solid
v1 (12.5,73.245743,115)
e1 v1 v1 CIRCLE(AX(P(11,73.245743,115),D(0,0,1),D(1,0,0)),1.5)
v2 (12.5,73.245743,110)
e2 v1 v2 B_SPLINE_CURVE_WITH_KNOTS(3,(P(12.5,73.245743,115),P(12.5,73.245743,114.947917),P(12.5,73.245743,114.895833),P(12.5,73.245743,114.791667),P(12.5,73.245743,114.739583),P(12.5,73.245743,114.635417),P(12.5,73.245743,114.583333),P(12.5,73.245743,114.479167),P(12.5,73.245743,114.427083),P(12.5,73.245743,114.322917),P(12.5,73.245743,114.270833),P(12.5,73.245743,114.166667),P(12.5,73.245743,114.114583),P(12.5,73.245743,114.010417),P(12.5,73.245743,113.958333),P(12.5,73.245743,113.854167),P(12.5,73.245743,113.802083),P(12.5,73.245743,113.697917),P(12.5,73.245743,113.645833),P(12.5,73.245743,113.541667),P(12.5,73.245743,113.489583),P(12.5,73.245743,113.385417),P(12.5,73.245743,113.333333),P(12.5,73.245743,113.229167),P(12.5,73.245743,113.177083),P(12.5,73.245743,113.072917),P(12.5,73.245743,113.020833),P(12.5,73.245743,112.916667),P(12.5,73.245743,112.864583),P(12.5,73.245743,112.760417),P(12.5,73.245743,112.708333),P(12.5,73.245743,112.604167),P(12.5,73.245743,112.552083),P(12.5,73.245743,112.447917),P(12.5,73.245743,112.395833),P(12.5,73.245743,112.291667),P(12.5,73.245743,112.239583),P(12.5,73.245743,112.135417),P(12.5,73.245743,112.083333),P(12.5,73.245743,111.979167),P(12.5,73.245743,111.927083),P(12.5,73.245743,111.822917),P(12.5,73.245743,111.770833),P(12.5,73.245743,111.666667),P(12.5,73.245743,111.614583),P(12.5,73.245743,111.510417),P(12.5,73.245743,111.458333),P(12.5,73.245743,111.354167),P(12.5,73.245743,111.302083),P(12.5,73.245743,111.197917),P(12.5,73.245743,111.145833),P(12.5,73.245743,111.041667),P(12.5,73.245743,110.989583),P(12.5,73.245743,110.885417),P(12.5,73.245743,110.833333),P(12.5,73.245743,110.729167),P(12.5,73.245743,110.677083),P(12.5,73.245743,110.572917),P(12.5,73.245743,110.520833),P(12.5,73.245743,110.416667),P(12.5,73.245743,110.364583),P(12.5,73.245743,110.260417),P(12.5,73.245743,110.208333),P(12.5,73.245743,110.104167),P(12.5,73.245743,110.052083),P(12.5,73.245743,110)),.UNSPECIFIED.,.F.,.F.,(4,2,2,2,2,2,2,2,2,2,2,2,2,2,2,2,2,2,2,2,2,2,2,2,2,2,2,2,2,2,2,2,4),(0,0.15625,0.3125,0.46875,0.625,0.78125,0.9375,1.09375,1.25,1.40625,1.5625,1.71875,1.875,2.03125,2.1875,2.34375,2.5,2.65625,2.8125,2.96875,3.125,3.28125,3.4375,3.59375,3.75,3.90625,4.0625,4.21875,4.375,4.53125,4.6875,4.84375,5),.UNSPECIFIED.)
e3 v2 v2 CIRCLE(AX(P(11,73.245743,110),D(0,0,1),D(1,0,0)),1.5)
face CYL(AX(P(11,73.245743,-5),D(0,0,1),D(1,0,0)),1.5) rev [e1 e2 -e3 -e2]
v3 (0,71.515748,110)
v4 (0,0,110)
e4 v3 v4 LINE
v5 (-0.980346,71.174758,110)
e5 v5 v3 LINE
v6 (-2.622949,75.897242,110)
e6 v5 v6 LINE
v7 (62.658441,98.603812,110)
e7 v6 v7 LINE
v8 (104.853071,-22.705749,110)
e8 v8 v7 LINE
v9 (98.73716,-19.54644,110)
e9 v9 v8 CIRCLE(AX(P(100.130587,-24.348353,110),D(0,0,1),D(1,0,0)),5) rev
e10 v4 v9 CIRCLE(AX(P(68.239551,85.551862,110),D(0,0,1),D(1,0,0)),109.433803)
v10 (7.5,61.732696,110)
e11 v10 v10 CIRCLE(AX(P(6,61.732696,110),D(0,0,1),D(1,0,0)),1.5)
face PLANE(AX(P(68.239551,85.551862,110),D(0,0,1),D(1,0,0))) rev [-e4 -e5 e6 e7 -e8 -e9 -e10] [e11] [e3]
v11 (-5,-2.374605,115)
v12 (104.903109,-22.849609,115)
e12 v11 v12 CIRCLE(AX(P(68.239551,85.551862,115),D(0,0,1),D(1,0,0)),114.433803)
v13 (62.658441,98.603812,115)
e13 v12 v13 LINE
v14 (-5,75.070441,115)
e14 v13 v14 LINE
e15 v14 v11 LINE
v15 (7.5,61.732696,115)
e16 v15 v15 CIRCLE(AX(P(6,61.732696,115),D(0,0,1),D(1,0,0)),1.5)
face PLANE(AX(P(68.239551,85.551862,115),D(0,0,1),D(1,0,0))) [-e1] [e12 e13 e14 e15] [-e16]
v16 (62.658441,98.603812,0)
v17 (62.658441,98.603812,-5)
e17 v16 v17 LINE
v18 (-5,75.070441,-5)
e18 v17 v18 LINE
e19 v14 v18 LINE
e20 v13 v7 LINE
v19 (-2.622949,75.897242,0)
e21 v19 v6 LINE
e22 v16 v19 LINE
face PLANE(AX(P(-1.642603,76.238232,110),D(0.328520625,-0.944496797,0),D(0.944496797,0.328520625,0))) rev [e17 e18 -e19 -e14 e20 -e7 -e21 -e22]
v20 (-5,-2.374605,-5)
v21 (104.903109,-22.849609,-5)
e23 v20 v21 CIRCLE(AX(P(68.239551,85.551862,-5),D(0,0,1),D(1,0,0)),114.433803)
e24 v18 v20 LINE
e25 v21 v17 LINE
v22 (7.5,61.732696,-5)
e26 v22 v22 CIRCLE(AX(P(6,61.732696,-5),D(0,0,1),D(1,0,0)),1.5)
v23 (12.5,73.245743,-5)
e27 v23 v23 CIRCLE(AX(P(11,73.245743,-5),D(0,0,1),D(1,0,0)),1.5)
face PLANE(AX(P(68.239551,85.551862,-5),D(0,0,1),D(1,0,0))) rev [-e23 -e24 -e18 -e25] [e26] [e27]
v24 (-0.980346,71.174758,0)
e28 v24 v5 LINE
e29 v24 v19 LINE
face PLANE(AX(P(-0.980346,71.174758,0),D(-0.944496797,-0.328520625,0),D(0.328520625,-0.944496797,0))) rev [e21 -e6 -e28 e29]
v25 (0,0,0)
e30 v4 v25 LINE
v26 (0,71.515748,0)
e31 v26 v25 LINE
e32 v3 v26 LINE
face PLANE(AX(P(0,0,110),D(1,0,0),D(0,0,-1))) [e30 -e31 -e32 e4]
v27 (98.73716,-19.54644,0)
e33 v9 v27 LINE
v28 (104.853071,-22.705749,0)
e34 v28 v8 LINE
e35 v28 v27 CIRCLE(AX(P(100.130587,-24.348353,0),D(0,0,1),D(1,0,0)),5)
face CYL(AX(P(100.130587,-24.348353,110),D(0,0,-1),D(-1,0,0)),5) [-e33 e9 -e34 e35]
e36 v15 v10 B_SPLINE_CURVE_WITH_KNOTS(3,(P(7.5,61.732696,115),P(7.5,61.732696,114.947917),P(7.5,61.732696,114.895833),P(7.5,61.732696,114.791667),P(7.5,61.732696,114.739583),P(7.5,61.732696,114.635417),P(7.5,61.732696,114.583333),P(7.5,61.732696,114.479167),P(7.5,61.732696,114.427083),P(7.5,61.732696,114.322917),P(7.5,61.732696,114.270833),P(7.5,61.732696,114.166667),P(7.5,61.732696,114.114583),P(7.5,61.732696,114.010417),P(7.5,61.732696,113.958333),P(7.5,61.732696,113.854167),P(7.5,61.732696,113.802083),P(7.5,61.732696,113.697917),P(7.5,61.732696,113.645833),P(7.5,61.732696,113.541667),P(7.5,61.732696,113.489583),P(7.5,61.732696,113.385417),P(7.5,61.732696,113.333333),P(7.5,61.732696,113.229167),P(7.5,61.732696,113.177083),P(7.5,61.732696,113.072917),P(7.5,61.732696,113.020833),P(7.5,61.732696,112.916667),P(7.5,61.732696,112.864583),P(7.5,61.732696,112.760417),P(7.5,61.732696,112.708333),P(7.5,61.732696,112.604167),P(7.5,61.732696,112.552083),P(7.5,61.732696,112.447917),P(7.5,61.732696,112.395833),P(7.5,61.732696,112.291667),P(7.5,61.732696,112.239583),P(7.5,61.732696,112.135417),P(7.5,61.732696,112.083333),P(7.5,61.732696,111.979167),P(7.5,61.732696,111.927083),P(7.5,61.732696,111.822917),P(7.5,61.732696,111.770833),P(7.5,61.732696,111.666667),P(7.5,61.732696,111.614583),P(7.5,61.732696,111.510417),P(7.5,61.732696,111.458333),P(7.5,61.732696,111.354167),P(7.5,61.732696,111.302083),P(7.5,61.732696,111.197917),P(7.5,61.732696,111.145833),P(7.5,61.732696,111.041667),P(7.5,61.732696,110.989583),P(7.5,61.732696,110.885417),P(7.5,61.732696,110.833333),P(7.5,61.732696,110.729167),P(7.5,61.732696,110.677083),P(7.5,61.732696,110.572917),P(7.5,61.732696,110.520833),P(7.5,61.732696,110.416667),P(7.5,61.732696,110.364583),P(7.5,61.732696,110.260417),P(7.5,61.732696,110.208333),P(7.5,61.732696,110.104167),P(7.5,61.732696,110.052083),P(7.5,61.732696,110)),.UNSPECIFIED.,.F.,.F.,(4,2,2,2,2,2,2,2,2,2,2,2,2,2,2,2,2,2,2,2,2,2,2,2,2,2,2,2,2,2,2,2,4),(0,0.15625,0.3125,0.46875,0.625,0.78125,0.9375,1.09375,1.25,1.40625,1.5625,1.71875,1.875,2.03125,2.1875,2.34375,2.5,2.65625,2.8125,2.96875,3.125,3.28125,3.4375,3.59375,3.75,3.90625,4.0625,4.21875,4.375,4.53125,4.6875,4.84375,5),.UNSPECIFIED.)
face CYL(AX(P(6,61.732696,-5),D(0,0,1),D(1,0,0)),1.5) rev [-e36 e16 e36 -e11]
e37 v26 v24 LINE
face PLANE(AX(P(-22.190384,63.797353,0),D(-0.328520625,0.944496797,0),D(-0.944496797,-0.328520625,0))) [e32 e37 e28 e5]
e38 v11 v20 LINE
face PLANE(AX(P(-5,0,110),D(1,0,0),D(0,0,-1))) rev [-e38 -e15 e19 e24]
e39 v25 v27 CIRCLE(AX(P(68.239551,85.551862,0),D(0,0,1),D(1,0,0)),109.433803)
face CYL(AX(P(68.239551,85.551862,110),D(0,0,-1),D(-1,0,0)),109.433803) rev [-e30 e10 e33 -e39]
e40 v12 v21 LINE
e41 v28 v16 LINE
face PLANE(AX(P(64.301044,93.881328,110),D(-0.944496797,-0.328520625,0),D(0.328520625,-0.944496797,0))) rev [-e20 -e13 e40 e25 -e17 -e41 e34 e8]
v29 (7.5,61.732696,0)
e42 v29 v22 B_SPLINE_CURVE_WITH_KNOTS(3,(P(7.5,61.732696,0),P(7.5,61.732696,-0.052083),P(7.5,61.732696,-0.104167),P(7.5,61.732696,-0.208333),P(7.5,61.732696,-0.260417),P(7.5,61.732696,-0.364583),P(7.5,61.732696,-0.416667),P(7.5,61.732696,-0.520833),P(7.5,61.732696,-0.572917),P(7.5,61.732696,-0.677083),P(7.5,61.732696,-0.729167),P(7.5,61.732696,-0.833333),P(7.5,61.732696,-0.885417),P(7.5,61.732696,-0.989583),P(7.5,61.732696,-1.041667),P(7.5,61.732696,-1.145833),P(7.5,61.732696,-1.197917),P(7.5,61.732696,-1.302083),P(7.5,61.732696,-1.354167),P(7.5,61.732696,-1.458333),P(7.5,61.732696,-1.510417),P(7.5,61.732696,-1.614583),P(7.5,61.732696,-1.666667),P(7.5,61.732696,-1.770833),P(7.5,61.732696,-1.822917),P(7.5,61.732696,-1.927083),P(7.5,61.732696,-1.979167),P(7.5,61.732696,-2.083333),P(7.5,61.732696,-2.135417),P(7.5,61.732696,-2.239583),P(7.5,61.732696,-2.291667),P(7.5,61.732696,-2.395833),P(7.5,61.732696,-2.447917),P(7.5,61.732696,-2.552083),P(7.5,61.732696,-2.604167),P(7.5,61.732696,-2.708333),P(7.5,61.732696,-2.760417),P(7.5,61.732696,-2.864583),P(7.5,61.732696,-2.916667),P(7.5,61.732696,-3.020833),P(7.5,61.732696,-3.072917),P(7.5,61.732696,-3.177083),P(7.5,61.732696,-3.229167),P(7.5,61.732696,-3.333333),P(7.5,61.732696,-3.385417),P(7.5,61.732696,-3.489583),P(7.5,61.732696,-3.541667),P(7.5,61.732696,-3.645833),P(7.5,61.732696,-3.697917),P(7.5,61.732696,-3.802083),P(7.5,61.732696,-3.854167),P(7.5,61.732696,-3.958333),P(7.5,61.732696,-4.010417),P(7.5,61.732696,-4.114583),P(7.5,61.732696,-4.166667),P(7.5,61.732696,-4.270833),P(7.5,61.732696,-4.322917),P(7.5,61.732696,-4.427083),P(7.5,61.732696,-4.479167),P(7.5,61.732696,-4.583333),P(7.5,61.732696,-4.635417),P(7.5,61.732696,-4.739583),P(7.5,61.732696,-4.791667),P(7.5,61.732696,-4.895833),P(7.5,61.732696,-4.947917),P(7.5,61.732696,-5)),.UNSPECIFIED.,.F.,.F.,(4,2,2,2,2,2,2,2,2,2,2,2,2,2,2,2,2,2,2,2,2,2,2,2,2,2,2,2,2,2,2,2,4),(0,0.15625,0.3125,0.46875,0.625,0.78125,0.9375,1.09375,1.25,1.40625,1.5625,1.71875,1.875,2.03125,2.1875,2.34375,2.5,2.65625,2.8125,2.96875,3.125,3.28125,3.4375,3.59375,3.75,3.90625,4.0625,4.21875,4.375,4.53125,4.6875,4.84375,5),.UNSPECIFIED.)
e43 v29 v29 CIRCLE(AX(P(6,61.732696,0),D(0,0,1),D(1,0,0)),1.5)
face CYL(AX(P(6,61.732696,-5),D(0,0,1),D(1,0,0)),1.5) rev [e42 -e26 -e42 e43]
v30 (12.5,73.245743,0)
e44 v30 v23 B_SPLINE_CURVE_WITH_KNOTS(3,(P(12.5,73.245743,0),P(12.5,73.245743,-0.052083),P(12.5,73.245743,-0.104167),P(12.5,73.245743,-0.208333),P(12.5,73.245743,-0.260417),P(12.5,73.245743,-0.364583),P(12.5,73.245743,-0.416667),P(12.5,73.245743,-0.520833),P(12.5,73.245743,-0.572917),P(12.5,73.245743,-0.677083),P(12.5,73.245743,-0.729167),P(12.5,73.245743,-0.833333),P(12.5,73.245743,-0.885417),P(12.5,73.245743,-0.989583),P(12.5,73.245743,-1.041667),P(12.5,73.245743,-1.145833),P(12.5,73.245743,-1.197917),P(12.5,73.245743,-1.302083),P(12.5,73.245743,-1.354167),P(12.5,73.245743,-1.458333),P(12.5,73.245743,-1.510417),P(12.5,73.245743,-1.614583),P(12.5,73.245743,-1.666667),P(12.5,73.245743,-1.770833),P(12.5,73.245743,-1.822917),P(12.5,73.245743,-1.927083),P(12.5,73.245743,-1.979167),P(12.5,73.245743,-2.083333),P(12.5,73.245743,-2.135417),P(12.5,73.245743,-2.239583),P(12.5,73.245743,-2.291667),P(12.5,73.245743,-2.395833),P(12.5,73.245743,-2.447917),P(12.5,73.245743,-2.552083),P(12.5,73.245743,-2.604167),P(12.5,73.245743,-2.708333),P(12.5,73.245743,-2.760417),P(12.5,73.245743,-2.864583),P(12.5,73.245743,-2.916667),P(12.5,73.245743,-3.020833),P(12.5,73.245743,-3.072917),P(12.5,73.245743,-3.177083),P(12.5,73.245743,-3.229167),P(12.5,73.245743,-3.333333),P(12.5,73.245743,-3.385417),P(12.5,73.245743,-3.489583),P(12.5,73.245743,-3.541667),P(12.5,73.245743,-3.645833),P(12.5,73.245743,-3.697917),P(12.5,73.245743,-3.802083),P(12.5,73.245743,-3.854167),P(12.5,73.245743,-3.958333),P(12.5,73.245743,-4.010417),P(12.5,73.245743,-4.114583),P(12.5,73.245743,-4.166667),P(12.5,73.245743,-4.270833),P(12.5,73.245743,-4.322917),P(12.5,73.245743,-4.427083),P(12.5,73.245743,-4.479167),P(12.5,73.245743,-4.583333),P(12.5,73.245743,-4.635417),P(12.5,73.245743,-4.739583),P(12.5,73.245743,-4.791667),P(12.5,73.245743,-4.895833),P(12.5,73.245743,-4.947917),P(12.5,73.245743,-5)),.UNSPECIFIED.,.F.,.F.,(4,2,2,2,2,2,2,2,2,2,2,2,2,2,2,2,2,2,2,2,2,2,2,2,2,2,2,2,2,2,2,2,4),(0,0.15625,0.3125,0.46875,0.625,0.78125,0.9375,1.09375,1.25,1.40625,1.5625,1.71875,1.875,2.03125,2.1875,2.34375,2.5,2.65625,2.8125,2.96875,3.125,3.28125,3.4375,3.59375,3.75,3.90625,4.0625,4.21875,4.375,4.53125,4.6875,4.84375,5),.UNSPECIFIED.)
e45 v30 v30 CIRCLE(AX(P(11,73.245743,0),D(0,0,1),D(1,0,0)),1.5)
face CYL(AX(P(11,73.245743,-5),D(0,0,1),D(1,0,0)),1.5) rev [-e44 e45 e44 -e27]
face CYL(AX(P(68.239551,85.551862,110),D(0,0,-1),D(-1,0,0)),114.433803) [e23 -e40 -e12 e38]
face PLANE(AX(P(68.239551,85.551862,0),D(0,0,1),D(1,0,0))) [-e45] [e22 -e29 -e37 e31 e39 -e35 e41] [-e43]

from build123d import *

# Parameters (mm, degrees)
EXTRUDE_2_DEPTH          = 110
SHELL_5_T                = 5
SKETCH_2_W               = 69.117640956
SKETCH_2_H               = 110
CUT_EXTRUDE_2_DEPTH      = 5
CUT_EXTRUDE_5_DEPTH      = 188.422981916
CUT_EXTRUDE_5_DEPTH_BACK = 188.422981916
SKETCH_3_R               = 1.5
FILLET_2_R               = 5


with BuildPart() as part:
    # 草图1 → 凸台-拉伸2 (new body)
    with BuildSketch(Plane.XY):
        with BuildLine():
            Line((0, 0), (0, 71.515747703))
            Line((0, 71.515747703), (64.301044277, 93.881328321))
            Line((64.301044277, 93.881328321), (103.260442774, -18.126942356))
            ThreePointArc((103.260442774, -18.126942356), (49.31823123, -22.233763367), (0, 0))
        make_face()
    extrude(amount=EXTRUDE_2_DEPTH)

    # 抽壳5
    shell_5_openings = [part.faces().sort_by_distance(p)[0] for p in [
        (83.780743525, 37.877192982, 55),
    ]]
    offset(amount=SHELL_5_T, openings=shell_5_openings, kind=Kind.INTERSECTION)

    # 草图2 → 切除-拉伸2 (cut)
    with BuildSketch(Plane(origin=(-23.832986898, 68.51983733, 0), x_dir=(0.9444967967061592, 0.32852062494127277, 0), z_dir=(-0.3285206249412727, 0.944496796706159, 0))):
        with Locations((57.015262517, -55)):
            Rectangle(SKETCH_2_W, SKETCH_2_H)
    extrude(amount=-CUT_EXTRUDE_2_DEPTH, mode=Mode.SUBTRACT)

    # 草图3 → 切除-拉伸5 (cut, two sides: drawn at the far end of the back side and taken through both)
    with BuildSketch(Plane.XY.offset(115).offset(-CUT_EXTRUDE_5_DEPTH_BACK)):
        with Locations((11, 73.245743445)):
            Circle(SKETCH_3_R)
        with Locations((6, 61.732695858)):
            Circle(SKETCH_3_R)
    extrude(amount=CUT_EXTRUDE_5_DEPTH + CUT_EXTRUDE_5_DEPTH_BACK, mode=Mode.SUBTRACT)

    # 圆角2
    fillet_2_edges = [part.edges().sort_by_distance(p)[0] for p in [
        (103.260442774, -18.126942356, 55),
    ]]
    fillet(fillet_2_edges, radius=FILLET_2_R)


solid = part.part
